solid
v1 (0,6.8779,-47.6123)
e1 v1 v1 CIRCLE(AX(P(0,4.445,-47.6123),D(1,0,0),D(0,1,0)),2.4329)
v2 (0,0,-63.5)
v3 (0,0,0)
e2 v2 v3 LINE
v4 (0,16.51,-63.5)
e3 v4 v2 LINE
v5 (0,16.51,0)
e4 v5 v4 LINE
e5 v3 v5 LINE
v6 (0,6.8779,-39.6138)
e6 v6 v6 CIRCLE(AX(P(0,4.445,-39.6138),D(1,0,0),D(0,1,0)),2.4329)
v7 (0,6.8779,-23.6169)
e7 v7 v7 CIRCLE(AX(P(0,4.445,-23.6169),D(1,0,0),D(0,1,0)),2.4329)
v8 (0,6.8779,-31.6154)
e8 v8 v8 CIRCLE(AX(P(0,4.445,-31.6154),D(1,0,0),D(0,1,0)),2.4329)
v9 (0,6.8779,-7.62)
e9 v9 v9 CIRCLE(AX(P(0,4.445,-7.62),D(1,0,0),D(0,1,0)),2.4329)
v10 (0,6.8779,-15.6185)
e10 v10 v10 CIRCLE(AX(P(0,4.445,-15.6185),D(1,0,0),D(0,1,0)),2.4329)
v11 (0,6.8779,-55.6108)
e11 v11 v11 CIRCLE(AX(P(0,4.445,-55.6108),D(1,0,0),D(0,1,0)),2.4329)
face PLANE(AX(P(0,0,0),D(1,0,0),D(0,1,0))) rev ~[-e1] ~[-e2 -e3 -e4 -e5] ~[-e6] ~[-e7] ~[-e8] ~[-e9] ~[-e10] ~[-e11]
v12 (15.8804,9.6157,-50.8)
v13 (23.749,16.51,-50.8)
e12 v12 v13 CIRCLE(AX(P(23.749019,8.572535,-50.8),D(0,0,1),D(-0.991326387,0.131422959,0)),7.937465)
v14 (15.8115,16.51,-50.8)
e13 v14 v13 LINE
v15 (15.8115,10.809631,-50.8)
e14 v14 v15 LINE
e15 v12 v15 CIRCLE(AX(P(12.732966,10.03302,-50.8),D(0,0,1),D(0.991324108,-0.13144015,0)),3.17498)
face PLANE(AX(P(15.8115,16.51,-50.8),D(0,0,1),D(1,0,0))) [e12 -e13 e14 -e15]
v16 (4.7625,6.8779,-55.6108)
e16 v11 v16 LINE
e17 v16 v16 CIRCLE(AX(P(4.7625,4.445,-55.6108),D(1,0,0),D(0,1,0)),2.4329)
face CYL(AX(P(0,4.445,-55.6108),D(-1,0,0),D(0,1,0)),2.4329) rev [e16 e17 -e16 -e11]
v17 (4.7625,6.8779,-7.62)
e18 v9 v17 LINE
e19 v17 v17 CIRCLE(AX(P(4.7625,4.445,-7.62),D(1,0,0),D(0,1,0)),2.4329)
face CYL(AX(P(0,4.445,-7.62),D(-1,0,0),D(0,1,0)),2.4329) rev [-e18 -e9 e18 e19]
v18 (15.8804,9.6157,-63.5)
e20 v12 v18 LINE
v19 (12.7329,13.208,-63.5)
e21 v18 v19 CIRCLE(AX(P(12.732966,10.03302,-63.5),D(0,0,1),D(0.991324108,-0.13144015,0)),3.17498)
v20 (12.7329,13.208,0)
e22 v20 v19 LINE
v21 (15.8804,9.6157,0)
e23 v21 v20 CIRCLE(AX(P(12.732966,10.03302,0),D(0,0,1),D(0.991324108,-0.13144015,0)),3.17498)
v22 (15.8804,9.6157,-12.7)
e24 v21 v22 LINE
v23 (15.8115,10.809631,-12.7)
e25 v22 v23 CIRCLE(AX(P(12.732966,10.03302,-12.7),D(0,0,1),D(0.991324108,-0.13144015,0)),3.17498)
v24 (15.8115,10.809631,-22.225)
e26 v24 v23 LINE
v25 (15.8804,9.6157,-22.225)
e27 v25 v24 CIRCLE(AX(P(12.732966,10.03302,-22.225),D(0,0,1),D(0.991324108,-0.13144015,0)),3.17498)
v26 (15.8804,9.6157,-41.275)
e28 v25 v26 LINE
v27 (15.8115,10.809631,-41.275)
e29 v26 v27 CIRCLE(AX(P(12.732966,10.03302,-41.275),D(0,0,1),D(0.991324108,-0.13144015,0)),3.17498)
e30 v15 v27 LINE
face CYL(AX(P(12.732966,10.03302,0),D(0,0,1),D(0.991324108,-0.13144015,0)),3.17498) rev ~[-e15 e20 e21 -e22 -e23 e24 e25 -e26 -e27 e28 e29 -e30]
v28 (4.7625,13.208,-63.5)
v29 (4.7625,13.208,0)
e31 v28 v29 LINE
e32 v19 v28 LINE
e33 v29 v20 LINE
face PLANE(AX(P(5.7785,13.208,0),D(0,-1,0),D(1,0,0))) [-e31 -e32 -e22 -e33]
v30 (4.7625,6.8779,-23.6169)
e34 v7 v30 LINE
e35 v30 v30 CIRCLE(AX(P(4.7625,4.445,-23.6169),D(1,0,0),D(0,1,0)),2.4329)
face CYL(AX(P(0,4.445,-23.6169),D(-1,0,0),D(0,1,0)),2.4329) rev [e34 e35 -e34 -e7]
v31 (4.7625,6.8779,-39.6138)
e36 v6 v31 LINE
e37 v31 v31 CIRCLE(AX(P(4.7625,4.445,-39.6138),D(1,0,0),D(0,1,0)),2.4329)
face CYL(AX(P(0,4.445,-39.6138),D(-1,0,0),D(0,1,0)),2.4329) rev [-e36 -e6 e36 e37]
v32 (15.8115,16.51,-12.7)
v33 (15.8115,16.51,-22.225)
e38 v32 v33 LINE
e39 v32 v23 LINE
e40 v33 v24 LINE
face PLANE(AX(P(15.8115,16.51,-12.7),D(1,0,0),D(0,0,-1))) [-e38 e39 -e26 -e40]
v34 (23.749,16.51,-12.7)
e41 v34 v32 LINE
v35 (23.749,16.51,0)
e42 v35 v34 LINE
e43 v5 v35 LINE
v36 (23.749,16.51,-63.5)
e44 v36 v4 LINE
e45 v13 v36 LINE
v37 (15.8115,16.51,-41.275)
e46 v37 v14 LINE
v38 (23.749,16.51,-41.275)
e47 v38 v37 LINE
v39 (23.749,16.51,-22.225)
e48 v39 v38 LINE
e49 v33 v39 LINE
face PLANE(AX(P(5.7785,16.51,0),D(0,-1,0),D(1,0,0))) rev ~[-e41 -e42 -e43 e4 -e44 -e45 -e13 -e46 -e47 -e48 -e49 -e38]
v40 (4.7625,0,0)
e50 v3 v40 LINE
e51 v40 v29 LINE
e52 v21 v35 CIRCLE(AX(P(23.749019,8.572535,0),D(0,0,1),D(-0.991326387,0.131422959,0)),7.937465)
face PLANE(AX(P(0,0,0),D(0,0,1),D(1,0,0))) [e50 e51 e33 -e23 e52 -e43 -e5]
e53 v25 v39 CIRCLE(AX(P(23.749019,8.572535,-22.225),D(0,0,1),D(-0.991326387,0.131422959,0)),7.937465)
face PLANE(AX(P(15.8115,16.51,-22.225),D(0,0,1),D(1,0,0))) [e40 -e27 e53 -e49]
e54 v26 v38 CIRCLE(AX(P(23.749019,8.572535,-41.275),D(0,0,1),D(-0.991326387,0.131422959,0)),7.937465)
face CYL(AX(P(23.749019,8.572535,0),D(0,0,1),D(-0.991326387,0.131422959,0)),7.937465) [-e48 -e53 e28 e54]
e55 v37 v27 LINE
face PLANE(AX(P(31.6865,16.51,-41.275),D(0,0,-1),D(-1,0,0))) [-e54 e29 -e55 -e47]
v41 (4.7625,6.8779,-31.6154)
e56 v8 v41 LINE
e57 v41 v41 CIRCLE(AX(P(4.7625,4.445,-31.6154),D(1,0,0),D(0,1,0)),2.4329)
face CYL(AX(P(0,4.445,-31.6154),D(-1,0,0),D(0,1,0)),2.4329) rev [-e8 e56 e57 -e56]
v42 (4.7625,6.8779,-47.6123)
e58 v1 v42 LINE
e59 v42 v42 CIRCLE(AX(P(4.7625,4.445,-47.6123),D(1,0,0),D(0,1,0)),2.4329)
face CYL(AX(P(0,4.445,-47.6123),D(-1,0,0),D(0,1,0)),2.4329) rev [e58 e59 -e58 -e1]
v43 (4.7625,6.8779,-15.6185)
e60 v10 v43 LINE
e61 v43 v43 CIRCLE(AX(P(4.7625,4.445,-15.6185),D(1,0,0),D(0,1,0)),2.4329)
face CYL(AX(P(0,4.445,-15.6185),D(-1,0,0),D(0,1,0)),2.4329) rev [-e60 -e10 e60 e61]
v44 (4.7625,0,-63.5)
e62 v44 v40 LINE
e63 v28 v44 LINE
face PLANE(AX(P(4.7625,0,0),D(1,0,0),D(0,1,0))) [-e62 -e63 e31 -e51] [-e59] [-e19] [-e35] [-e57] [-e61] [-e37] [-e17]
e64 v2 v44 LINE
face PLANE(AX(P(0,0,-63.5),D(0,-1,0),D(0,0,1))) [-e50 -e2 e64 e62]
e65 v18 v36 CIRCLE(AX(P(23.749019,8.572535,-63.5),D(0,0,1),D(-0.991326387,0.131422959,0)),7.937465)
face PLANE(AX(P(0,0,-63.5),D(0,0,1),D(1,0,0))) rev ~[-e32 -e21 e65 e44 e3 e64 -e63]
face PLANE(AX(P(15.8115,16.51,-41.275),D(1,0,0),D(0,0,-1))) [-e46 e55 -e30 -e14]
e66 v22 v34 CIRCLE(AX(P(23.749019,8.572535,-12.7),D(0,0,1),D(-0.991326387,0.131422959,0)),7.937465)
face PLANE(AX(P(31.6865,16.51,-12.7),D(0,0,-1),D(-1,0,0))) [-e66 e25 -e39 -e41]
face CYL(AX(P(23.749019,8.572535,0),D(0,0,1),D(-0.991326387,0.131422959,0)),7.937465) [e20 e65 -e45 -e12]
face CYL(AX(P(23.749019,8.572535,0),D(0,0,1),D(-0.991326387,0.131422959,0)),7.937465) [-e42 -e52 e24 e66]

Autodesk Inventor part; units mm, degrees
ref_plane "YZ Plane" through (0, 0, 0) normal (1, 0, 0) x (0, 1, 0)
ref_plane "XZ Plane" through (0, 0, 0) normal (0, 1, 0) x (-1, 0, 0)
ref_plane "XY Plane" through (0, 0, 0) normal (0, 0, 1) x (1, 0, 0)
sketch "Sketch1" plane through (0, 0, 0) normal (1, 0, 0) x (0, 1, 0)
  line L0 (0, 0) -> (16.51, 0)
  line L1 (16.51, 0) -> (16.51, -63.5)
  line L2 (16.51, -63.5) -> (0, -63.5)
  line L3 (0, -63.5) -> (0, 0)
  circle A0 centre (4.445, -7.62) radius 2.4329
  circle A1 centre (4.445, -15.6185) radius 2.4329
  circle A2 centre (4.445, -23.6169) radius 2.4329
  circle A3 centre (4.445, -31.6154) radius 2.4329
  circle A4 centre (4.445, -39.6138) radius 2.4329
  circle A5 centre (4.445, -47.6123) radius 2.4329
  circle A6 centre (4.445, -55.6108) radius 2.4329
  dimension "d0" = 63.5
  dimension "d1" = 16.51
  dimension "d6" = 7.9985
  dimension "d11" = 7.62
extrude "Extrusion1" add sketch "Sketch1" along normal blind 4.7625
sketch "Sketch2" plane through (4.7625, 0, 0) normal (1, 0, 0) x (0, 0, -1)
  line L0 (63.5, 16.51) -> (0, 16.51) projected
  line L1 (63.5, 0) -> (63.5, 16.51) projected
  line L2 (0, 16.51) -> (63.5, 16.51)
  line L3 (63.5, 16.51) -> (63.5, 13.208)
  line L4 (63.5, 13.208) -> (0, 13.208)
  line L5 (0, 13.208) -> (0, 16.51)
  point P0 (0, 0)
  dimension "d14" = 3.302
extrude "Extrusion2" add sketch "Sketch2" along normal blind 1.016
sketch "Sketch3" plane through (0, 0, 0) normal (0, 0, 1) x (1, 0, 0)
  line L0 (5.7785, 16.51) -> (5.7785, 13.208) projected
  arc A0 (15.8804, 9.6157) -> (23.749, 16.51) centre (23.749, 8.5725) ccw
  line L1 (0, 16.51) -> (0, 0) projected
  line L2 (5.7785, 16.51) -> (23.749, 16.51)
  line L3 (4.7625, 13.208) -> (5.7785, 13.208) projected
  line L4 (5.7785, 13.208) -> (12.7329, 13.208)
  arc A1 (15.8804, 9.6157) -> (12.7329, 13.208) centre (12.7329, 10.033) ccw
  point P0 (17.3057, 13.208)
  point P1 (9.5258, 13.208)
  dimension "d17" = 23.749
  dimension "d18" = 15.875
  dimension "d19" = 3.175
extrude "Extrusion3" add sketch "Sketch3" against normal blind 63.5
sketch "Sketch4" plane through (0, 16.51, 0) normal (0, 1, 0) x (1, 0, 0)
  line L0 (31.6865, 0) -> (31.6865, 63.5) projected
  line L1 (31.6865, 0) -> (31.6865, 83.2403)
  point P0 (0, 0)
ref_plane "Work Plane1" through (55.5625, 0, 0) normal (1, 0, 0) x (0, 0, -1)
sketch "Sketch6" plane through (0, 16.51, 0) normal (0, 1, 0) x (1, 0, 0)
  line L0 (31.6865, 0) -> (31.6865, 63.5) projected
  line L1 (15.8115, 50.8) -> (31.6865, 50.8)
  line L2 (31.6865, 50.8) -> (31.6865, 41.275)
  line L3 (31.6865, 41.275) -> (15.8115, 41.275)
  line L4 (15.8115, 41.275) -> (15.8115, 50.8)
  line L5 (31.6865, 63.5) -> (15.8115, 63.5) projected
  line L6 (15.8115, 22.225) -> (31.6865, 22.225)
  line L7 (31.6865, 22.225) -> (31.6865, 12.7)
  line L8 (31.6865, 12.7) -> (15.8115, 12.7)
  line L9 (15.8115, 12.7) -> (15.8115, 22.225)
  line L10 (15.8115, 0) -> (31.6865, 0) projected
  point P0 (0, 0)
  point P1 (15.8804, 63.5)
  point P2 (15.8804, 0)
  dimension "d26" = 9.525
  dimension "d27" = 12.7
  dimension "d28" = 9.525
  dimension "d29" = 12.7
  dimension "d32" = 15.875
  dimension "d33" = 15.875
extrude "Extrusion4" cut sketch "Sketch6" against normal through all
properties part number "knuckle plate hinge"
